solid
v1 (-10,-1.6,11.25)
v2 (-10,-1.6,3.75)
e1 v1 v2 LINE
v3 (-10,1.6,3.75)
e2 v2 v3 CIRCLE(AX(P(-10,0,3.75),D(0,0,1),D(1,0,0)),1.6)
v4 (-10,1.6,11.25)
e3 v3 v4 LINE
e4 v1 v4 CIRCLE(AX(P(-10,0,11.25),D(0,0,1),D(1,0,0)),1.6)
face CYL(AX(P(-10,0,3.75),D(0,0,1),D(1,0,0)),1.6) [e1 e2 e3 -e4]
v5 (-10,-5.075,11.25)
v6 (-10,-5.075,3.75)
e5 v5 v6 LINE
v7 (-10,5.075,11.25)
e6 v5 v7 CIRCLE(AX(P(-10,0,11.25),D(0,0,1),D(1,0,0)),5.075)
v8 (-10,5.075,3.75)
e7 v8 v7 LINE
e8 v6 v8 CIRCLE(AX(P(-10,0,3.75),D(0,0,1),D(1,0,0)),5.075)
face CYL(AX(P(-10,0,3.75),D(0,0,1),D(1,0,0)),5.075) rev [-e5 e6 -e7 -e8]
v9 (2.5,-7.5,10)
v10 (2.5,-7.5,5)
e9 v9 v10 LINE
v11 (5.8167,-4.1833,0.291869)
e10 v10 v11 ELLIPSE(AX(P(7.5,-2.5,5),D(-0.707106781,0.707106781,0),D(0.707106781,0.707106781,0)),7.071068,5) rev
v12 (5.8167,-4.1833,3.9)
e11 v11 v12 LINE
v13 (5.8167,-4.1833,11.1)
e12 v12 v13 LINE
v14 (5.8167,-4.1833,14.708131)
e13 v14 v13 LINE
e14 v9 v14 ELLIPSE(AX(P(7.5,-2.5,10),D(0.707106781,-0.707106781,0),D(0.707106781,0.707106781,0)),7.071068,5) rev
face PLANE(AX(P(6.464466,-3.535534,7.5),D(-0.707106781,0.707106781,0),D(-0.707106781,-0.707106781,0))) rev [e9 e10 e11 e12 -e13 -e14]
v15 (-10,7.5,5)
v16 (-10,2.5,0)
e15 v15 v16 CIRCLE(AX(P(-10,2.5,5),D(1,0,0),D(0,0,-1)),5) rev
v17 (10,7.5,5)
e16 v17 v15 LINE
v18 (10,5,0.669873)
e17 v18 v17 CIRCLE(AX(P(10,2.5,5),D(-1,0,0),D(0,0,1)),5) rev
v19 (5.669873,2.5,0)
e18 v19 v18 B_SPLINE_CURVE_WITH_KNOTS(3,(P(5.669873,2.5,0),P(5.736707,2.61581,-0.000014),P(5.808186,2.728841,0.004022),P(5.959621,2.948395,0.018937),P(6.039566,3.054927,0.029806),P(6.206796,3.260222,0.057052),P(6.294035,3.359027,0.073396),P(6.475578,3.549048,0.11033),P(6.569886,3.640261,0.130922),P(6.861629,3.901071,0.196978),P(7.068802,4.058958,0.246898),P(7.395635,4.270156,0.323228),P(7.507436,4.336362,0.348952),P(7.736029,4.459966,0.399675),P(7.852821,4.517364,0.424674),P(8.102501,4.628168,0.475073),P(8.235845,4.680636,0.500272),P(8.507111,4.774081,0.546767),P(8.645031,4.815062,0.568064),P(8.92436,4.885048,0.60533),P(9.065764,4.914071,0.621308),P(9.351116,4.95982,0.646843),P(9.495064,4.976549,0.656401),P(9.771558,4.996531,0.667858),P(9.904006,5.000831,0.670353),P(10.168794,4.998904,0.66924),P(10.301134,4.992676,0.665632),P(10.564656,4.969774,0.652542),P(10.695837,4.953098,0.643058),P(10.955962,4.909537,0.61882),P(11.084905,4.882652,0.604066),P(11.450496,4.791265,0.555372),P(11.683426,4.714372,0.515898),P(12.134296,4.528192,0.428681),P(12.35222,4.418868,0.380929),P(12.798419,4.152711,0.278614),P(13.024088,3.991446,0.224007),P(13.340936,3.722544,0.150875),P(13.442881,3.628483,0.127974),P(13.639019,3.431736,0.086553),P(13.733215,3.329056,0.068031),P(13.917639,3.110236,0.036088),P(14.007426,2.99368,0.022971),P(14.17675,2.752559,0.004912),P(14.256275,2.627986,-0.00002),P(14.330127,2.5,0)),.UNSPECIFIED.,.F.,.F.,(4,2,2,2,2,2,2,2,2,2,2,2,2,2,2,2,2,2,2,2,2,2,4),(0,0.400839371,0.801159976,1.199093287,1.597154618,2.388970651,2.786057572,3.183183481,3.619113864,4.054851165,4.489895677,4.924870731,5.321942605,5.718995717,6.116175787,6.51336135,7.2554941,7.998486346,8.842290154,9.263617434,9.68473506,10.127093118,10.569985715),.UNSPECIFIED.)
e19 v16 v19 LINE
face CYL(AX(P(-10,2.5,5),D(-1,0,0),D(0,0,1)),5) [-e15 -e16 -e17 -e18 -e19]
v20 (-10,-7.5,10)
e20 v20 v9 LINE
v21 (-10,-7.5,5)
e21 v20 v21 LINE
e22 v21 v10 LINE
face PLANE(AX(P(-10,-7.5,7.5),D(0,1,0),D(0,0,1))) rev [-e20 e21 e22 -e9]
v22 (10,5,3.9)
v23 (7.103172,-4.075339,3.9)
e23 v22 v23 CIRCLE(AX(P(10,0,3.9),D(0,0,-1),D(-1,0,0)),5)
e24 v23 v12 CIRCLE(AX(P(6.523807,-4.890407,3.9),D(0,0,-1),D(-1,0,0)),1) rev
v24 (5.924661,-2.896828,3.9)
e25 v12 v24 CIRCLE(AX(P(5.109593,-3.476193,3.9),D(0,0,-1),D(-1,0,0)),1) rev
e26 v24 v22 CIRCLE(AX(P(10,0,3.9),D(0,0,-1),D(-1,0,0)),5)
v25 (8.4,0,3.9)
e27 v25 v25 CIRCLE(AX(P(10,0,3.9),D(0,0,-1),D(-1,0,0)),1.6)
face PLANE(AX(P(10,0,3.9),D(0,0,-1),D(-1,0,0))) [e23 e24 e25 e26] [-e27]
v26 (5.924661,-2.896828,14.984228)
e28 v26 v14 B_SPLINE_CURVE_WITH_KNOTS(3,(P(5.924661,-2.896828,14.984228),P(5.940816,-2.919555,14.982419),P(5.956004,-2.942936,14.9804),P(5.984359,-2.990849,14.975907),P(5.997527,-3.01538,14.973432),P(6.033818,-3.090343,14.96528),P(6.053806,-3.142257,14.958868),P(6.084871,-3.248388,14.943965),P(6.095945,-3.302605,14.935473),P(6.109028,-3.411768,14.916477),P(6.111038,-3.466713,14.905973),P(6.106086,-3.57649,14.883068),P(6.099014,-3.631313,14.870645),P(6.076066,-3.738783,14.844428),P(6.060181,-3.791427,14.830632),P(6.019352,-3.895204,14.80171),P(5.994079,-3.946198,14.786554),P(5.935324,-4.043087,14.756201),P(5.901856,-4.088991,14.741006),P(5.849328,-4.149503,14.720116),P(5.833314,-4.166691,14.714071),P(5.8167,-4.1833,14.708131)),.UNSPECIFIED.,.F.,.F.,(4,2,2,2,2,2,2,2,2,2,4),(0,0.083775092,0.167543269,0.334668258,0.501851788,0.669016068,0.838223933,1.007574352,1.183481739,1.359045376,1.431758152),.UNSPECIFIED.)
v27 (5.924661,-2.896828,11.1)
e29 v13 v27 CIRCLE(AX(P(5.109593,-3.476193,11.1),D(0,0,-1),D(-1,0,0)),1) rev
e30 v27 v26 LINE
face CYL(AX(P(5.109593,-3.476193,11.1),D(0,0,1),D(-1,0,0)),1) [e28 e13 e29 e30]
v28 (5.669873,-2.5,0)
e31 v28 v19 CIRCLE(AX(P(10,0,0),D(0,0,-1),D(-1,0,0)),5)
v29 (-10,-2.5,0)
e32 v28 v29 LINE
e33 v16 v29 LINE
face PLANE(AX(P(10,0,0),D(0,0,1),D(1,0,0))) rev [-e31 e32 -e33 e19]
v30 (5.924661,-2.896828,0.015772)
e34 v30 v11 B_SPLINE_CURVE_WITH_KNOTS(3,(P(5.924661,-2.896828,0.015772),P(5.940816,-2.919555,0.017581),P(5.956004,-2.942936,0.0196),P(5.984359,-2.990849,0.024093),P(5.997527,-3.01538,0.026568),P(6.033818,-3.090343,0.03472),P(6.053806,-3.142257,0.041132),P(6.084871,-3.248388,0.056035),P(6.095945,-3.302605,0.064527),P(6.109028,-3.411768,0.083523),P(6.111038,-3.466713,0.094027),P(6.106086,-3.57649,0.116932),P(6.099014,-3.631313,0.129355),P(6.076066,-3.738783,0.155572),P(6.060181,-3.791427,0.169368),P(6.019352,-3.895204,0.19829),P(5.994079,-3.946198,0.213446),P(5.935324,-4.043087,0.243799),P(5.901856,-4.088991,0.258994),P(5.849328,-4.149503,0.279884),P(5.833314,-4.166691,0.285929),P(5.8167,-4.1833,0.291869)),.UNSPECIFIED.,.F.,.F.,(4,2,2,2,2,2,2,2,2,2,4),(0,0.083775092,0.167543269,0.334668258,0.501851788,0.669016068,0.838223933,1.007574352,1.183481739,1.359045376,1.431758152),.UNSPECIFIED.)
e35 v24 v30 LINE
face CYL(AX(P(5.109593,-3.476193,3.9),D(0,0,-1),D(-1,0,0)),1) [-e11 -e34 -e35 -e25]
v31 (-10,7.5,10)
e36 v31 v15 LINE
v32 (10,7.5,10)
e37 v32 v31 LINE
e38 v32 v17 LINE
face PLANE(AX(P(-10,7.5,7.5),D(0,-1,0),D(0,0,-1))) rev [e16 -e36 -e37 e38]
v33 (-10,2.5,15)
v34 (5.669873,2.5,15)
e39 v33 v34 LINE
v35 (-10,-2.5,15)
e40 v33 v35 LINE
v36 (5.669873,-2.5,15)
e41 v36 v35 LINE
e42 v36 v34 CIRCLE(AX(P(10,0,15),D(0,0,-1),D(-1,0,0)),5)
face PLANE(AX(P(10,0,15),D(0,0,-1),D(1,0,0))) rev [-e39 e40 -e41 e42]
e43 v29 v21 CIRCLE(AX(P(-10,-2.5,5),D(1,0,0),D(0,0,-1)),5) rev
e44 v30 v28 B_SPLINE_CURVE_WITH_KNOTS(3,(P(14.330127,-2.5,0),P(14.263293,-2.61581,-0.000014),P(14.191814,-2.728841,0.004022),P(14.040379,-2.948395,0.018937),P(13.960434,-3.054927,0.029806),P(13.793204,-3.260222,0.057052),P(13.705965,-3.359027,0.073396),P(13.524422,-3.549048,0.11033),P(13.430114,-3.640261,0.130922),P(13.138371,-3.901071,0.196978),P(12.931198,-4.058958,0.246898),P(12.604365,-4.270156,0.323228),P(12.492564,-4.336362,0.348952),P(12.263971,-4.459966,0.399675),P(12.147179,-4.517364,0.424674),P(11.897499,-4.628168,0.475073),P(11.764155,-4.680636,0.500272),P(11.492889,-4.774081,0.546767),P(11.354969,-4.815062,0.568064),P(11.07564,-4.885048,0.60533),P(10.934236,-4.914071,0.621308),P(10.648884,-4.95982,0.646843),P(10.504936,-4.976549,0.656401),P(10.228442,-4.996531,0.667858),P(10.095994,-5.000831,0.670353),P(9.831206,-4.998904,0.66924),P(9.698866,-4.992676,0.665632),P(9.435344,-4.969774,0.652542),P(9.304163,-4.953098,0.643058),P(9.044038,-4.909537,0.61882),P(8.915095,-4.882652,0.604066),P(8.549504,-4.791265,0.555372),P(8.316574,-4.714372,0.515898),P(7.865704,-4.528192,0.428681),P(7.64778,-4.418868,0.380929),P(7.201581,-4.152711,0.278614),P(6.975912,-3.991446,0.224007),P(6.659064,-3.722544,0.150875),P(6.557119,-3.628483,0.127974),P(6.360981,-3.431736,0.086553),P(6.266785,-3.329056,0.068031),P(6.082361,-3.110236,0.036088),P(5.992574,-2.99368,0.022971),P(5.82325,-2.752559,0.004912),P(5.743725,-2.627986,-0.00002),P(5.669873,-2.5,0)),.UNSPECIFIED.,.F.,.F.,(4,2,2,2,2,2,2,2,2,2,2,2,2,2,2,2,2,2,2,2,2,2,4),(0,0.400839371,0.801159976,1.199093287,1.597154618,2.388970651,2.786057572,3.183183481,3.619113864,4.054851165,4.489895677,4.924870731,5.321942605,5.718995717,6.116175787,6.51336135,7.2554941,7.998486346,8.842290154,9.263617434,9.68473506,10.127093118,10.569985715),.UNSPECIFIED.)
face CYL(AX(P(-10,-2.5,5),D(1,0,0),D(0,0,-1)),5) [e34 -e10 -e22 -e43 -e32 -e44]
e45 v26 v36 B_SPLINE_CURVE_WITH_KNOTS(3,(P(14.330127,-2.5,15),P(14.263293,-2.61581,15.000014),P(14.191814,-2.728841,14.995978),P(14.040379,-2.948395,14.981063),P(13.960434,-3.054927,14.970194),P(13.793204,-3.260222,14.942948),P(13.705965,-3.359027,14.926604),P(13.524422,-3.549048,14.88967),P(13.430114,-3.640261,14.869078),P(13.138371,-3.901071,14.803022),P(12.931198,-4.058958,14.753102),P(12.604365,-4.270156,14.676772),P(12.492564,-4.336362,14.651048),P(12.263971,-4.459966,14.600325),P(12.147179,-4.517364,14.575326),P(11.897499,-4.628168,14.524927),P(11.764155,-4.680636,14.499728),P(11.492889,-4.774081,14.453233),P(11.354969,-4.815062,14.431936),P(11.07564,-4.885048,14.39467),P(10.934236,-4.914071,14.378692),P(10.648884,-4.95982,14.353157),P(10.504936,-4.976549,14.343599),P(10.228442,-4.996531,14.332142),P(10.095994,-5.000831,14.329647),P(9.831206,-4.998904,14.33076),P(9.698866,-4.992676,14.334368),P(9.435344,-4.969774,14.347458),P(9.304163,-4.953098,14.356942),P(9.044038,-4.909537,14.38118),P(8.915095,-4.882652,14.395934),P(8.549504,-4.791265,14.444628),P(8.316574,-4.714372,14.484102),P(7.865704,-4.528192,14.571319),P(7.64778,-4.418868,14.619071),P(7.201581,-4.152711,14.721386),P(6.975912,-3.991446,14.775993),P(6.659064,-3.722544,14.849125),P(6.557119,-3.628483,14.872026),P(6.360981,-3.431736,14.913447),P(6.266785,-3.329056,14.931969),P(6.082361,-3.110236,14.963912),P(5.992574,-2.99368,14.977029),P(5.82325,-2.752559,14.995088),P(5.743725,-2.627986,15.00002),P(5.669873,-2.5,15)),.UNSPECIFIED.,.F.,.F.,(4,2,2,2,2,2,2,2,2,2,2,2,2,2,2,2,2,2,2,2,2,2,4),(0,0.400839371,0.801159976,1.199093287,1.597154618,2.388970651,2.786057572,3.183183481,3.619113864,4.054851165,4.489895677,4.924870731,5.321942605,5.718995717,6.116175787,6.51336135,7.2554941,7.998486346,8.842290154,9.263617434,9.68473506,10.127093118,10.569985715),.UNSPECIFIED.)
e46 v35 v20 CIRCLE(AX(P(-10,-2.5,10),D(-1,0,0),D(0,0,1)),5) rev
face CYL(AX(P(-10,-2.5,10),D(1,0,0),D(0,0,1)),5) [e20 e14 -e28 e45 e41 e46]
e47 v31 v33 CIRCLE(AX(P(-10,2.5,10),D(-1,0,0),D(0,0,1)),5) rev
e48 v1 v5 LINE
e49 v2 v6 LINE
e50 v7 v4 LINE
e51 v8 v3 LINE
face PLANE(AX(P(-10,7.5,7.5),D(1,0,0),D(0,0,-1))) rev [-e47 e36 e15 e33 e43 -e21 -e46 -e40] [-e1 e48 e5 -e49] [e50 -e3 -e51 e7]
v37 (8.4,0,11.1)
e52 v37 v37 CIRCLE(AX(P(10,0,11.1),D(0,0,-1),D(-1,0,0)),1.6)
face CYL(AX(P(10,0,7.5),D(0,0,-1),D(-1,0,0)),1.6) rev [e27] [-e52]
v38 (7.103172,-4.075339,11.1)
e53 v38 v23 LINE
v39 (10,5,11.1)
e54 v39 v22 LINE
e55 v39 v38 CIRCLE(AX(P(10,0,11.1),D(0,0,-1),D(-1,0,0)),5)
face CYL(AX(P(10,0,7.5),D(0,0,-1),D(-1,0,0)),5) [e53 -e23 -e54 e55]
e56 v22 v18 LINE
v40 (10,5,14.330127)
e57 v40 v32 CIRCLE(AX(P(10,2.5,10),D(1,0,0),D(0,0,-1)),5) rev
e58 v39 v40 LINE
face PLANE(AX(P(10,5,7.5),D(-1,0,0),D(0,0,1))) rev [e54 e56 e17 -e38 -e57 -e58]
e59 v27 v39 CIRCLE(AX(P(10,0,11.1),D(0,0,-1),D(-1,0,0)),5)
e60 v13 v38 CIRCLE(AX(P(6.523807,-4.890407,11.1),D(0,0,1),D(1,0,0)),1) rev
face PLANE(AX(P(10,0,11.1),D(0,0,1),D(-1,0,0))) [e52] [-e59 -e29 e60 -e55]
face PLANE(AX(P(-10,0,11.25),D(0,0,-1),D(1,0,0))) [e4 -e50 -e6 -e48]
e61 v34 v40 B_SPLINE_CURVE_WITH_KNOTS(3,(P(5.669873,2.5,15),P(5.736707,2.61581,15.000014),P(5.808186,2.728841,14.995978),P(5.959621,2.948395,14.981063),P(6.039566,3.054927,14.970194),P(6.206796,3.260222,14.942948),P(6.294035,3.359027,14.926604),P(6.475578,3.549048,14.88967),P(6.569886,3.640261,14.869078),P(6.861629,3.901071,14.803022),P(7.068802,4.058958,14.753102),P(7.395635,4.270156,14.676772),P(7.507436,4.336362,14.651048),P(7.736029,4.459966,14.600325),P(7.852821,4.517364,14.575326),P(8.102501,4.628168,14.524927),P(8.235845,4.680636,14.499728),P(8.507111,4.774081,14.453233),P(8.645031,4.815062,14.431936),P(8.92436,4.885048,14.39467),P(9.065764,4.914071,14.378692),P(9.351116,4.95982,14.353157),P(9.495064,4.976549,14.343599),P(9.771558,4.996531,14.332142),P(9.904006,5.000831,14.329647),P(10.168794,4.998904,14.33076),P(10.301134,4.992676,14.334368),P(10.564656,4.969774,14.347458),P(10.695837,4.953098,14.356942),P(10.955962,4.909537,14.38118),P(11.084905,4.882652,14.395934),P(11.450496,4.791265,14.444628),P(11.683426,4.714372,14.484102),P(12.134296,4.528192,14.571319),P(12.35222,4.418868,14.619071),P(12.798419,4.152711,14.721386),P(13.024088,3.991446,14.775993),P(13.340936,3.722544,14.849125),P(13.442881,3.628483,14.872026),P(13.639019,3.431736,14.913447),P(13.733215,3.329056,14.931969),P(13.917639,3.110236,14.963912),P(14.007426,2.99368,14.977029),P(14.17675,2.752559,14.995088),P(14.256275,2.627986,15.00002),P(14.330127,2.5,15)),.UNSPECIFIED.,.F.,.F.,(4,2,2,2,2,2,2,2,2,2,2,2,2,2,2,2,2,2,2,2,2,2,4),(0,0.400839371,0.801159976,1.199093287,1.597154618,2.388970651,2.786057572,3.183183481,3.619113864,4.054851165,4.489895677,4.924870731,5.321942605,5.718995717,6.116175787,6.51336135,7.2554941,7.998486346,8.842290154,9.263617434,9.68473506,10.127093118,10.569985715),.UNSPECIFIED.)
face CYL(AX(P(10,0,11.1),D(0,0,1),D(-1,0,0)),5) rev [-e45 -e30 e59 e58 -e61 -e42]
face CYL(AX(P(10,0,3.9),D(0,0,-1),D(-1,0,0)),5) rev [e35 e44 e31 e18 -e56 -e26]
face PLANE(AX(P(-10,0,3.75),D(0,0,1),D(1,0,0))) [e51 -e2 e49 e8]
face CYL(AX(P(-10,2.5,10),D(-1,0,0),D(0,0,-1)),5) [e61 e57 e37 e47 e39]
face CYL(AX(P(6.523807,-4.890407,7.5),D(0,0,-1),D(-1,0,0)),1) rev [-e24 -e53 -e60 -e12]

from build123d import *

# Parameters (mm, degrees)
SKETCH1_R           = 1.6
BOSS_EXTRUDE1_DEPTH = 7.5
SKETCH2_R           = 5.075
SKETCH2_R_2         = 1.6
CUT_EXTRUDE1_DEPTH  = 3.75
FILLET1_R           = 5
SKETCH3_R           = 5
CUT_EXTRUDE2_DEPTH  = 3.9
CUT_EXTRUDE5_DEPTH  = 8.5
FILLET2_R           = 1
FILLET3_R           = 1


with BuildPart() as part:
    # Sketch1 → Boss-Extrude1 (new body)
    with BuildSketch(Plane.XY):
        with BuildLine():
            Line((10, 5), (10, 7.5))
            Line((10, 7.5), (-10, 7.5))
            Line((-10, 7.5), (-10, -7.5))
            Line((-10, -7.5), (10, -7.5))
            Line((10, -7.5), (10, -5))
            ThreePointArc((10, -5), (15, 0), (10, 5))
        make_face()
        with Locations((10, 0)):
            Circle(SKETCH1_R, mode=Mode.SUBTRACT)
    extrude(amount=BOSS_EXTRUDE1_DEPTH)

    # Sketch2 → Cut-Extrude1 (cut)
    with BuildSketch(Plane.XY.offset(7.5)):
        with Locations((-10, 0)):
            Circle(SKETCH2_R)
        with Locations((-10, 0)):
            Circle(SKETCH2_R_2, mode=Mode.SUBTRACT)
    extrude(amount=-CUT_EXTRUDE1_DEPTH, mode=Mode.SUBTRACT)

    # Fillet1
    fillet1_edges = [part.edges().sort_by_distance(p)[0] for p in [
        (0, -7.5, 0),
        (0, 7.5, 0),
    ]]
    fillet(fillet1_edges, radius=FILLET1_R)

    # Sketch3 → Cut-Extrude2 (cut)
    with BuildSketch(Plane(origin=(0, 0, 0), x_dir=(-1, 0, 0), z_dir=(0, 0, -1))):
        with Locations((-10, 0)):
            Circle(SKETCH3_R)
    extrude(amount=-CUT_EXTRUDE2_DEPTH, mode=Mode.SUBTRACT)

    # Sketch5 → Cut-Extrude5 (cut, through all)
    with BuildSketch(Plane(origin=(0, 0, 0), x_dir=(-1, 0, 0), z_dir=(0, 0, -1))):
        with BuildLine():
            Line((-6.464466094, -3.535533906), (-2.5, -7.5))
            Line((-2.5, -7.5), (-10, -7.5))
            Line((-10, -7.5), (-10, -5))
            ThreePointArc((-10, -5), (-8.086582838, -4.619397663), (-6.464466094, -3.535533906))
        make_face()
    extrude(amount=-CUT_EXTRUDE5_DEPTH, mode=Mode.SUBTRACT)

    # Fillet2
    fillet2_edges = [part.edges().sort_by_distance(p)[0] for p in [
        (6.464466094, -3.535533906, 2.00420414),
    ]]
    fillet(fillet2_edges, radius=FILLET2_R)

    # Mirror2: part across plane


with BuildPart() as part_1:
    add(part.part)
    add(part.part.mirror(Plane(origin=(10, 0, 7.5), x_dir=(1, 0, 0), z_dir=(0, 0, 1))))

    # Fillet3
    fillet3_edges = [part_1.edges().sort_by_distance(p)[0] for p in [
        (6.464466094, -3.535533906, 7.5),
    ]]
    fillet(fillet3_edges, radius=FILLET3_R)


solid = part_1.part
